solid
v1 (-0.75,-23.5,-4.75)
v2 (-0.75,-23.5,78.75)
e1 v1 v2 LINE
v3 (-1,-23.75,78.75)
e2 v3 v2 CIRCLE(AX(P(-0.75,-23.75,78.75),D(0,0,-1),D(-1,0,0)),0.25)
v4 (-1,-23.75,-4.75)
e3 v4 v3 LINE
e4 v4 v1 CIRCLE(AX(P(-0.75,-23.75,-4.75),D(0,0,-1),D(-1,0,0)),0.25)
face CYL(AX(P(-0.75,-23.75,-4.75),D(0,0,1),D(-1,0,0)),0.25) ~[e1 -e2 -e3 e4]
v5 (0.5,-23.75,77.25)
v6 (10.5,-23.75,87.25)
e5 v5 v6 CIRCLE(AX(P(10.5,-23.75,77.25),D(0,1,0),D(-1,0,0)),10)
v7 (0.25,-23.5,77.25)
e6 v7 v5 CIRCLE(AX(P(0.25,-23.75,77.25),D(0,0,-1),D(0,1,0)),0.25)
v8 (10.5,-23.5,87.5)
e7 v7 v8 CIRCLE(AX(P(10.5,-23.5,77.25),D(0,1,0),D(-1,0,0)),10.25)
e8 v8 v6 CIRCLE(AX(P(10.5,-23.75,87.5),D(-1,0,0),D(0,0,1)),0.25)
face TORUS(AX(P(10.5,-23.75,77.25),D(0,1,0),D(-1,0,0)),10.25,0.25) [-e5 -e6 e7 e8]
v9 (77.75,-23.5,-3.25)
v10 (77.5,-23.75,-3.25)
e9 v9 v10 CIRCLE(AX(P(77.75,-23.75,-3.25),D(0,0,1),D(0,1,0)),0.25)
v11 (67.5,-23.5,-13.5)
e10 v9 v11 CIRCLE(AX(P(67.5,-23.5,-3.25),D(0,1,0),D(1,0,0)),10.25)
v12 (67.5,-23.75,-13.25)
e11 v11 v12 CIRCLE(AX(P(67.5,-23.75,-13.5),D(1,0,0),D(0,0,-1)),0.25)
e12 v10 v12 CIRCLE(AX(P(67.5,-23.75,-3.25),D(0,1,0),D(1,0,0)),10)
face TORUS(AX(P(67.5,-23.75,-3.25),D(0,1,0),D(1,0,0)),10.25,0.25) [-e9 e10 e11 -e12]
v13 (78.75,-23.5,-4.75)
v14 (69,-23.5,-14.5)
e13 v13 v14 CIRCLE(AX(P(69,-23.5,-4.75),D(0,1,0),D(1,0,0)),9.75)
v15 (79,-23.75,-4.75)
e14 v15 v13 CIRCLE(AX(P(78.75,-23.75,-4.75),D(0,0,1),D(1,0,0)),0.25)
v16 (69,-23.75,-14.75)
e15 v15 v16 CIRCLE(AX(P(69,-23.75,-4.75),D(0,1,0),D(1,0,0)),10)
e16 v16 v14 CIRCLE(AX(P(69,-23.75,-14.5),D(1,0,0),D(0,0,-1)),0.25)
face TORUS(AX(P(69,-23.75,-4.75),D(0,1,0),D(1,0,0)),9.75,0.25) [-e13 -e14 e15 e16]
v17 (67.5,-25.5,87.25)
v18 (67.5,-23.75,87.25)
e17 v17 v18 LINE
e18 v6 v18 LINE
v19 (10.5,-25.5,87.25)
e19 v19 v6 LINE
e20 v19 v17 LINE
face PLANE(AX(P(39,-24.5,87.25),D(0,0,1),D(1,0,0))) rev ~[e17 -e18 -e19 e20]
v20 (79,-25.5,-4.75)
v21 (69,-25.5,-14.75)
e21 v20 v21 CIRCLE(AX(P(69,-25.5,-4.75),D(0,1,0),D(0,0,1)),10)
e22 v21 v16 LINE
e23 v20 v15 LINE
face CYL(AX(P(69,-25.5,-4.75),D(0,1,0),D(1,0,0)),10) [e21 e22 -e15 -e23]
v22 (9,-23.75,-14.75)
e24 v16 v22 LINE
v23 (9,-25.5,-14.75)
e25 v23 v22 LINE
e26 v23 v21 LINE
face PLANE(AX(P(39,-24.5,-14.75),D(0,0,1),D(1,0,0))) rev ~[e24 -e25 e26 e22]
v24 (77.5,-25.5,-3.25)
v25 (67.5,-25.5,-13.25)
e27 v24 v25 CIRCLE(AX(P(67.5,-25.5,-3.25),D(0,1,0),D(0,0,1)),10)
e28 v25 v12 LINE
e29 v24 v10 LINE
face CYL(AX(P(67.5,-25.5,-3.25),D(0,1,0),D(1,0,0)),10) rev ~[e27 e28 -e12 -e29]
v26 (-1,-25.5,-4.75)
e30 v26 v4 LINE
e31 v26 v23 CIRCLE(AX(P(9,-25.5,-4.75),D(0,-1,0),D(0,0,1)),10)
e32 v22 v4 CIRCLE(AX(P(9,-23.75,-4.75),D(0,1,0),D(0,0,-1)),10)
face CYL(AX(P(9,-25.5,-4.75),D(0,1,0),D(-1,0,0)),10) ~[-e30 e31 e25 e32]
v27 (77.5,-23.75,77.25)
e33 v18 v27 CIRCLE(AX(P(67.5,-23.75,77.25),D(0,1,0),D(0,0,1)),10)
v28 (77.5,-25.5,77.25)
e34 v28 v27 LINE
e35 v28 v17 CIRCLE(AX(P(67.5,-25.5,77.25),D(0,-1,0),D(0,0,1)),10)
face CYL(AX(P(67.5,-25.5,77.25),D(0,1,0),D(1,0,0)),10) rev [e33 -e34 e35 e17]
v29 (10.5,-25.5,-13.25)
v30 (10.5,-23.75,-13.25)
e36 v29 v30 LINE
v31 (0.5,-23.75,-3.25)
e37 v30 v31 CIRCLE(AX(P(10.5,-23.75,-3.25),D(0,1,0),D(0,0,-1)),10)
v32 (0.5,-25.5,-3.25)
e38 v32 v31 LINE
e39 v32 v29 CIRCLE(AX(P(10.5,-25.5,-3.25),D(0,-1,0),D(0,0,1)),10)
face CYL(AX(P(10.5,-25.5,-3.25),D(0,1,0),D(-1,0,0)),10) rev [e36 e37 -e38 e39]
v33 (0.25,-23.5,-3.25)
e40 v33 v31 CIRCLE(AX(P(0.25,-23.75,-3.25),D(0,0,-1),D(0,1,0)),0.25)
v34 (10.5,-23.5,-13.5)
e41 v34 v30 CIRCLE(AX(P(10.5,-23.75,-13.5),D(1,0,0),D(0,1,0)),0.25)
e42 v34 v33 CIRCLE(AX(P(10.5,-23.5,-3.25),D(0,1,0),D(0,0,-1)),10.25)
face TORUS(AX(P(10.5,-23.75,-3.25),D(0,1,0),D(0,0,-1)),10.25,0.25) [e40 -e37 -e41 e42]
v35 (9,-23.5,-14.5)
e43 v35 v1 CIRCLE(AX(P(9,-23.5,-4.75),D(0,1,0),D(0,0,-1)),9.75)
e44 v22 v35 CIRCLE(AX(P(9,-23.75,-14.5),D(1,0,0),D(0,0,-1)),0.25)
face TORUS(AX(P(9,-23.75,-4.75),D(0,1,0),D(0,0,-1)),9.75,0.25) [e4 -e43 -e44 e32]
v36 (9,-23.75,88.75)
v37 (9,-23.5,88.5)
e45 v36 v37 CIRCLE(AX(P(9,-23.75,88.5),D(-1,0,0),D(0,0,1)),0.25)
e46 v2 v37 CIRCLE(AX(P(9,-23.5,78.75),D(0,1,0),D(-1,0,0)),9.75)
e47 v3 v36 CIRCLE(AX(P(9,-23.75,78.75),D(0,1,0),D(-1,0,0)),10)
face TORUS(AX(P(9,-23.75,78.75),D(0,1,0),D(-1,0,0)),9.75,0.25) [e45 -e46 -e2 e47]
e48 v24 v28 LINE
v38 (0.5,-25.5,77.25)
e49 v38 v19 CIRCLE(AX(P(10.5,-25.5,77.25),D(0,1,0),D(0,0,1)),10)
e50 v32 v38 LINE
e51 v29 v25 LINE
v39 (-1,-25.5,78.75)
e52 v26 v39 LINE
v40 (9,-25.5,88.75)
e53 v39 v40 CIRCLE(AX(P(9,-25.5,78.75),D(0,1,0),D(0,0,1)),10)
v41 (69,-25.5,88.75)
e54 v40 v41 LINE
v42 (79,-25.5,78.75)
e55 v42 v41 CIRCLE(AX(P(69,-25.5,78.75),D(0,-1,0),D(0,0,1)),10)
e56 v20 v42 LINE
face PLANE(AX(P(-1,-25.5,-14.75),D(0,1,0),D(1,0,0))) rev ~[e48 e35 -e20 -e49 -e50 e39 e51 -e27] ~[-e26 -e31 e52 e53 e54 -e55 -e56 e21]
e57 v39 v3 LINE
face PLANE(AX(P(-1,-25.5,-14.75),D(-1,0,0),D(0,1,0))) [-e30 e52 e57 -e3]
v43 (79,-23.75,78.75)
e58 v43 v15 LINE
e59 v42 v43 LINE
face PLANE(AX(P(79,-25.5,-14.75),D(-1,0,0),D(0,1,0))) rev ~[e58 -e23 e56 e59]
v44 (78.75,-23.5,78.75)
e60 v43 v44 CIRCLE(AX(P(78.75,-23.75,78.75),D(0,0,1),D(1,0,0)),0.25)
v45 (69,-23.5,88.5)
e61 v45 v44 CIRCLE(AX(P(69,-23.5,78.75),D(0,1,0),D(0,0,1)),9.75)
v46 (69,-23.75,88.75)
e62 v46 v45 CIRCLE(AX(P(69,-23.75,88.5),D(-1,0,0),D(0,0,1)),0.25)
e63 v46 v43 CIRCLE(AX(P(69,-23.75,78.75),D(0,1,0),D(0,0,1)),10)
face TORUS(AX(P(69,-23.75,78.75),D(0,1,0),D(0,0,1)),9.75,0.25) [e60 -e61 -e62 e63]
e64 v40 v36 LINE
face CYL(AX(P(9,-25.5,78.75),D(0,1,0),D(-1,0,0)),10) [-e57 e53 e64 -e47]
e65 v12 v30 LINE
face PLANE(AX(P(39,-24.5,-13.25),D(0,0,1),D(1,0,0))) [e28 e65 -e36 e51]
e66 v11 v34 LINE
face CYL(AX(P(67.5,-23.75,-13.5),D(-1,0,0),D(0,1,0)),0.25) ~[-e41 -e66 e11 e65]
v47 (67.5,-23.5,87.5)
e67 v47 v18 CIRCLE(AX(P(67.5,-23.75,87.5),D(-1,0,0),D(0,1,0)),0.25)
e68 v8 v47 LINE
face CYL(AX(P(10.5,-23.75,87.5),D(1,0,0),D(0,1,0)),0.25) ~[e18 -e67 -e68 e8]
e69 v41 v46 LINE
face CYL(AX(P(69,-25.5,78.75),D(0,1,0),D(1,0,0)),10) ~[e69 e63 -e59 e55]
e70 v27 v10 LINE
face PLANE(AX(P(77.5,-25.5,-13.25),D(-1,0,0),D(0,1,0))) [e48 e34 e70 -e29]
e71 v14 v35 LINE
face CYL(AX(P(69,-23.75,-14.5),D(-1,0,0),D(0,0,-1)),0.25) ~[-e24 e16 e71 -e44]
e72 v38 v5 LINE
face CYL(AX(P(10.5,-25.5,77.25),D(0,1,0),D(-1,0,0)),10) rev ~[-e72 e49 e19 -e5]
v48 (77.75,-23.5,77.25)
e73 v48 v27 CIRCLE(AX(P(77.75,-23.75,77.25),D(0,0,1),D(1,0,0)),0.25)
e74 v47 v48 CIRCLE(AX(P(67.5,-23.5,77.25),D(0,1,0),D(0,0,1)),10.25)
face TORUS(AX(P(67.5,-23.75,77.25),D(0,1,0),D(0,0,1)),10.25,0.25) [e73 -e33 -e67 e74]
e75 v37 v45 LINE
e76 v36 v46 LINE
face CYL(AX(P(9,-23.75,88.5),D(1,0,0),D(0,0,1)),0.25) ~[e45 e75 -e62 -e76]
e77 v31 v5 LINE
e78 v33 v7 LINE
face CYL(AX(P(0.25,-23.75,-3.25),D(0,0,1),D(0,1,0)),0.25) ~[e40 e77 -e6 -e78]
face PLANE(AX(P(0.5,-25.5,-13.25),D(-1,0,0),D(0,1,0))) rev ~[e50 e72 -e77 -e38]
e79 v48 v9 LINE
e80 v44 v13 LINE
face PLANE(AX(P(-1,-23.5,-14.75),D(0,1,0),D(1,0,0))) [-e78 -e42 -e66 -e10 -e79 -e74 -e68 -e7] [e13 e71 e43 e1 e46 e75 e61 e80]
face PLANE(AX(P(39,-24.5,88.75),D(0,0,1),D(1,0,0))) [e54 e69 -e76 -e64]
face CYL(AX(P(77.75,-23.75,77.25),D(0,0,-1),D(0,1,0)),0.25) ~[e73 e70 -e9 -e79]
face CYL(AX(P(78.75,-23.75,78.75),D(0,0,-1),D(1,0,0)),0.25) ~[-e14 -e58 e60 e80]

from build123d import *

# Parameters (mm, degrees)
BOX027_W     = 77
BOX027_H     = 2
BOX027_DEPTH = 100.5
FILLET031_R  = 10
BOX026_W     = 80
BOX026_H     = 2
BOX026_DEPTH = 103.5
FILLET030_R  = 10
FILLET032_R  = 0.25


with BuildPart() as topridge001:
    # Box027 → Box027 (new body)
    with BuildSketch(Plane(origin=(0.5, -26, -13.25), x_dir=(1, 0, 0), z_dir=(0, 0, 1))):
        with Locations((38.5, 1)):
            Rectangle(BOX027_W, BOX027_H)
    extrude(amount=BOX027_DEPTH)

    # Fillet031
    fillet031_edges = [topridge001.edges().sort_by_distance(p)[0] for p in [
        (0.5, -25, 87.25),
        (0.5, -25, -13.25),
        (77.5, -25, 87.25),
        (77.5, -25, -13.25),
    ]]
    fillet(fillet031_edges, radius=FILLET031_R)


with BuildPart() as topridge001_1:
    # Fillet031 placement: moved
    add(topridge001.part.moved(Location((0, 0.5, 0))))


with BuildPart() as ridge:
    # Box026 → Box026 (new body)
    with BuildSketch(Plane(origin=(-1, -26, -14.75), x_dir=(1, 0, 0), z_dir=(0, 0, 1))):
        with Locations((40, 1)):
            Rectangle(BOX026_W, BOX026_H)
    extrude(amount=BOX026_DEPTH)

    # Fillet030
    fillet030_edges = [ridge.edges().sort_by_distance(p)[0] for p in [
        (-1, -25, 88.75),
        (-1, -25, -14.75),
        (79, -25, 88.75),
        (79, -25, -14.75),
    ]]
    fillet(fillet030_edges, radius=FILLET030_R)


with BuildPart() as ridge_1:
    # Fillet030 placement: moved
    add(ridge.part.moved(Location((0, 0.5, 0))))

    # Cut008: cut topRidge001
    add(topridge001_1.part, mode=Mode.SUBTRACT)

    # Fillet032
    fillet032_edges = [ridge_1.edges().sort_by_distance(p)[0] for p in [
        (-1, -23.5, 37),
        (1.928932, -23.5, -11.821068),
        (39, -23.5, -14.75),
        (76.071068, -23.5, -11.821068),
        (79, -23.5, 37),
        (1.928932, -23.5, 85.821068),
        (76.071068, -23.5, 85.821068),
        (39, -23.5, 88.75),
        (0.5, -23.5, 37),
        (3.428932, -23.5, 84.321068),
        (39, -23.5, 87.25),
        (74.571068, -23.5, 84.321068),
        (77.5, -23.5, 37),
        (74.571068, -23.5, -10.321068),
        (39, -23.5, -13.25),
        (3.428932, -23.5, -10.321068),
    ]]
    fillet(fillet032_edges, radius=FILLET032_R)


solid = ridge_1.part
